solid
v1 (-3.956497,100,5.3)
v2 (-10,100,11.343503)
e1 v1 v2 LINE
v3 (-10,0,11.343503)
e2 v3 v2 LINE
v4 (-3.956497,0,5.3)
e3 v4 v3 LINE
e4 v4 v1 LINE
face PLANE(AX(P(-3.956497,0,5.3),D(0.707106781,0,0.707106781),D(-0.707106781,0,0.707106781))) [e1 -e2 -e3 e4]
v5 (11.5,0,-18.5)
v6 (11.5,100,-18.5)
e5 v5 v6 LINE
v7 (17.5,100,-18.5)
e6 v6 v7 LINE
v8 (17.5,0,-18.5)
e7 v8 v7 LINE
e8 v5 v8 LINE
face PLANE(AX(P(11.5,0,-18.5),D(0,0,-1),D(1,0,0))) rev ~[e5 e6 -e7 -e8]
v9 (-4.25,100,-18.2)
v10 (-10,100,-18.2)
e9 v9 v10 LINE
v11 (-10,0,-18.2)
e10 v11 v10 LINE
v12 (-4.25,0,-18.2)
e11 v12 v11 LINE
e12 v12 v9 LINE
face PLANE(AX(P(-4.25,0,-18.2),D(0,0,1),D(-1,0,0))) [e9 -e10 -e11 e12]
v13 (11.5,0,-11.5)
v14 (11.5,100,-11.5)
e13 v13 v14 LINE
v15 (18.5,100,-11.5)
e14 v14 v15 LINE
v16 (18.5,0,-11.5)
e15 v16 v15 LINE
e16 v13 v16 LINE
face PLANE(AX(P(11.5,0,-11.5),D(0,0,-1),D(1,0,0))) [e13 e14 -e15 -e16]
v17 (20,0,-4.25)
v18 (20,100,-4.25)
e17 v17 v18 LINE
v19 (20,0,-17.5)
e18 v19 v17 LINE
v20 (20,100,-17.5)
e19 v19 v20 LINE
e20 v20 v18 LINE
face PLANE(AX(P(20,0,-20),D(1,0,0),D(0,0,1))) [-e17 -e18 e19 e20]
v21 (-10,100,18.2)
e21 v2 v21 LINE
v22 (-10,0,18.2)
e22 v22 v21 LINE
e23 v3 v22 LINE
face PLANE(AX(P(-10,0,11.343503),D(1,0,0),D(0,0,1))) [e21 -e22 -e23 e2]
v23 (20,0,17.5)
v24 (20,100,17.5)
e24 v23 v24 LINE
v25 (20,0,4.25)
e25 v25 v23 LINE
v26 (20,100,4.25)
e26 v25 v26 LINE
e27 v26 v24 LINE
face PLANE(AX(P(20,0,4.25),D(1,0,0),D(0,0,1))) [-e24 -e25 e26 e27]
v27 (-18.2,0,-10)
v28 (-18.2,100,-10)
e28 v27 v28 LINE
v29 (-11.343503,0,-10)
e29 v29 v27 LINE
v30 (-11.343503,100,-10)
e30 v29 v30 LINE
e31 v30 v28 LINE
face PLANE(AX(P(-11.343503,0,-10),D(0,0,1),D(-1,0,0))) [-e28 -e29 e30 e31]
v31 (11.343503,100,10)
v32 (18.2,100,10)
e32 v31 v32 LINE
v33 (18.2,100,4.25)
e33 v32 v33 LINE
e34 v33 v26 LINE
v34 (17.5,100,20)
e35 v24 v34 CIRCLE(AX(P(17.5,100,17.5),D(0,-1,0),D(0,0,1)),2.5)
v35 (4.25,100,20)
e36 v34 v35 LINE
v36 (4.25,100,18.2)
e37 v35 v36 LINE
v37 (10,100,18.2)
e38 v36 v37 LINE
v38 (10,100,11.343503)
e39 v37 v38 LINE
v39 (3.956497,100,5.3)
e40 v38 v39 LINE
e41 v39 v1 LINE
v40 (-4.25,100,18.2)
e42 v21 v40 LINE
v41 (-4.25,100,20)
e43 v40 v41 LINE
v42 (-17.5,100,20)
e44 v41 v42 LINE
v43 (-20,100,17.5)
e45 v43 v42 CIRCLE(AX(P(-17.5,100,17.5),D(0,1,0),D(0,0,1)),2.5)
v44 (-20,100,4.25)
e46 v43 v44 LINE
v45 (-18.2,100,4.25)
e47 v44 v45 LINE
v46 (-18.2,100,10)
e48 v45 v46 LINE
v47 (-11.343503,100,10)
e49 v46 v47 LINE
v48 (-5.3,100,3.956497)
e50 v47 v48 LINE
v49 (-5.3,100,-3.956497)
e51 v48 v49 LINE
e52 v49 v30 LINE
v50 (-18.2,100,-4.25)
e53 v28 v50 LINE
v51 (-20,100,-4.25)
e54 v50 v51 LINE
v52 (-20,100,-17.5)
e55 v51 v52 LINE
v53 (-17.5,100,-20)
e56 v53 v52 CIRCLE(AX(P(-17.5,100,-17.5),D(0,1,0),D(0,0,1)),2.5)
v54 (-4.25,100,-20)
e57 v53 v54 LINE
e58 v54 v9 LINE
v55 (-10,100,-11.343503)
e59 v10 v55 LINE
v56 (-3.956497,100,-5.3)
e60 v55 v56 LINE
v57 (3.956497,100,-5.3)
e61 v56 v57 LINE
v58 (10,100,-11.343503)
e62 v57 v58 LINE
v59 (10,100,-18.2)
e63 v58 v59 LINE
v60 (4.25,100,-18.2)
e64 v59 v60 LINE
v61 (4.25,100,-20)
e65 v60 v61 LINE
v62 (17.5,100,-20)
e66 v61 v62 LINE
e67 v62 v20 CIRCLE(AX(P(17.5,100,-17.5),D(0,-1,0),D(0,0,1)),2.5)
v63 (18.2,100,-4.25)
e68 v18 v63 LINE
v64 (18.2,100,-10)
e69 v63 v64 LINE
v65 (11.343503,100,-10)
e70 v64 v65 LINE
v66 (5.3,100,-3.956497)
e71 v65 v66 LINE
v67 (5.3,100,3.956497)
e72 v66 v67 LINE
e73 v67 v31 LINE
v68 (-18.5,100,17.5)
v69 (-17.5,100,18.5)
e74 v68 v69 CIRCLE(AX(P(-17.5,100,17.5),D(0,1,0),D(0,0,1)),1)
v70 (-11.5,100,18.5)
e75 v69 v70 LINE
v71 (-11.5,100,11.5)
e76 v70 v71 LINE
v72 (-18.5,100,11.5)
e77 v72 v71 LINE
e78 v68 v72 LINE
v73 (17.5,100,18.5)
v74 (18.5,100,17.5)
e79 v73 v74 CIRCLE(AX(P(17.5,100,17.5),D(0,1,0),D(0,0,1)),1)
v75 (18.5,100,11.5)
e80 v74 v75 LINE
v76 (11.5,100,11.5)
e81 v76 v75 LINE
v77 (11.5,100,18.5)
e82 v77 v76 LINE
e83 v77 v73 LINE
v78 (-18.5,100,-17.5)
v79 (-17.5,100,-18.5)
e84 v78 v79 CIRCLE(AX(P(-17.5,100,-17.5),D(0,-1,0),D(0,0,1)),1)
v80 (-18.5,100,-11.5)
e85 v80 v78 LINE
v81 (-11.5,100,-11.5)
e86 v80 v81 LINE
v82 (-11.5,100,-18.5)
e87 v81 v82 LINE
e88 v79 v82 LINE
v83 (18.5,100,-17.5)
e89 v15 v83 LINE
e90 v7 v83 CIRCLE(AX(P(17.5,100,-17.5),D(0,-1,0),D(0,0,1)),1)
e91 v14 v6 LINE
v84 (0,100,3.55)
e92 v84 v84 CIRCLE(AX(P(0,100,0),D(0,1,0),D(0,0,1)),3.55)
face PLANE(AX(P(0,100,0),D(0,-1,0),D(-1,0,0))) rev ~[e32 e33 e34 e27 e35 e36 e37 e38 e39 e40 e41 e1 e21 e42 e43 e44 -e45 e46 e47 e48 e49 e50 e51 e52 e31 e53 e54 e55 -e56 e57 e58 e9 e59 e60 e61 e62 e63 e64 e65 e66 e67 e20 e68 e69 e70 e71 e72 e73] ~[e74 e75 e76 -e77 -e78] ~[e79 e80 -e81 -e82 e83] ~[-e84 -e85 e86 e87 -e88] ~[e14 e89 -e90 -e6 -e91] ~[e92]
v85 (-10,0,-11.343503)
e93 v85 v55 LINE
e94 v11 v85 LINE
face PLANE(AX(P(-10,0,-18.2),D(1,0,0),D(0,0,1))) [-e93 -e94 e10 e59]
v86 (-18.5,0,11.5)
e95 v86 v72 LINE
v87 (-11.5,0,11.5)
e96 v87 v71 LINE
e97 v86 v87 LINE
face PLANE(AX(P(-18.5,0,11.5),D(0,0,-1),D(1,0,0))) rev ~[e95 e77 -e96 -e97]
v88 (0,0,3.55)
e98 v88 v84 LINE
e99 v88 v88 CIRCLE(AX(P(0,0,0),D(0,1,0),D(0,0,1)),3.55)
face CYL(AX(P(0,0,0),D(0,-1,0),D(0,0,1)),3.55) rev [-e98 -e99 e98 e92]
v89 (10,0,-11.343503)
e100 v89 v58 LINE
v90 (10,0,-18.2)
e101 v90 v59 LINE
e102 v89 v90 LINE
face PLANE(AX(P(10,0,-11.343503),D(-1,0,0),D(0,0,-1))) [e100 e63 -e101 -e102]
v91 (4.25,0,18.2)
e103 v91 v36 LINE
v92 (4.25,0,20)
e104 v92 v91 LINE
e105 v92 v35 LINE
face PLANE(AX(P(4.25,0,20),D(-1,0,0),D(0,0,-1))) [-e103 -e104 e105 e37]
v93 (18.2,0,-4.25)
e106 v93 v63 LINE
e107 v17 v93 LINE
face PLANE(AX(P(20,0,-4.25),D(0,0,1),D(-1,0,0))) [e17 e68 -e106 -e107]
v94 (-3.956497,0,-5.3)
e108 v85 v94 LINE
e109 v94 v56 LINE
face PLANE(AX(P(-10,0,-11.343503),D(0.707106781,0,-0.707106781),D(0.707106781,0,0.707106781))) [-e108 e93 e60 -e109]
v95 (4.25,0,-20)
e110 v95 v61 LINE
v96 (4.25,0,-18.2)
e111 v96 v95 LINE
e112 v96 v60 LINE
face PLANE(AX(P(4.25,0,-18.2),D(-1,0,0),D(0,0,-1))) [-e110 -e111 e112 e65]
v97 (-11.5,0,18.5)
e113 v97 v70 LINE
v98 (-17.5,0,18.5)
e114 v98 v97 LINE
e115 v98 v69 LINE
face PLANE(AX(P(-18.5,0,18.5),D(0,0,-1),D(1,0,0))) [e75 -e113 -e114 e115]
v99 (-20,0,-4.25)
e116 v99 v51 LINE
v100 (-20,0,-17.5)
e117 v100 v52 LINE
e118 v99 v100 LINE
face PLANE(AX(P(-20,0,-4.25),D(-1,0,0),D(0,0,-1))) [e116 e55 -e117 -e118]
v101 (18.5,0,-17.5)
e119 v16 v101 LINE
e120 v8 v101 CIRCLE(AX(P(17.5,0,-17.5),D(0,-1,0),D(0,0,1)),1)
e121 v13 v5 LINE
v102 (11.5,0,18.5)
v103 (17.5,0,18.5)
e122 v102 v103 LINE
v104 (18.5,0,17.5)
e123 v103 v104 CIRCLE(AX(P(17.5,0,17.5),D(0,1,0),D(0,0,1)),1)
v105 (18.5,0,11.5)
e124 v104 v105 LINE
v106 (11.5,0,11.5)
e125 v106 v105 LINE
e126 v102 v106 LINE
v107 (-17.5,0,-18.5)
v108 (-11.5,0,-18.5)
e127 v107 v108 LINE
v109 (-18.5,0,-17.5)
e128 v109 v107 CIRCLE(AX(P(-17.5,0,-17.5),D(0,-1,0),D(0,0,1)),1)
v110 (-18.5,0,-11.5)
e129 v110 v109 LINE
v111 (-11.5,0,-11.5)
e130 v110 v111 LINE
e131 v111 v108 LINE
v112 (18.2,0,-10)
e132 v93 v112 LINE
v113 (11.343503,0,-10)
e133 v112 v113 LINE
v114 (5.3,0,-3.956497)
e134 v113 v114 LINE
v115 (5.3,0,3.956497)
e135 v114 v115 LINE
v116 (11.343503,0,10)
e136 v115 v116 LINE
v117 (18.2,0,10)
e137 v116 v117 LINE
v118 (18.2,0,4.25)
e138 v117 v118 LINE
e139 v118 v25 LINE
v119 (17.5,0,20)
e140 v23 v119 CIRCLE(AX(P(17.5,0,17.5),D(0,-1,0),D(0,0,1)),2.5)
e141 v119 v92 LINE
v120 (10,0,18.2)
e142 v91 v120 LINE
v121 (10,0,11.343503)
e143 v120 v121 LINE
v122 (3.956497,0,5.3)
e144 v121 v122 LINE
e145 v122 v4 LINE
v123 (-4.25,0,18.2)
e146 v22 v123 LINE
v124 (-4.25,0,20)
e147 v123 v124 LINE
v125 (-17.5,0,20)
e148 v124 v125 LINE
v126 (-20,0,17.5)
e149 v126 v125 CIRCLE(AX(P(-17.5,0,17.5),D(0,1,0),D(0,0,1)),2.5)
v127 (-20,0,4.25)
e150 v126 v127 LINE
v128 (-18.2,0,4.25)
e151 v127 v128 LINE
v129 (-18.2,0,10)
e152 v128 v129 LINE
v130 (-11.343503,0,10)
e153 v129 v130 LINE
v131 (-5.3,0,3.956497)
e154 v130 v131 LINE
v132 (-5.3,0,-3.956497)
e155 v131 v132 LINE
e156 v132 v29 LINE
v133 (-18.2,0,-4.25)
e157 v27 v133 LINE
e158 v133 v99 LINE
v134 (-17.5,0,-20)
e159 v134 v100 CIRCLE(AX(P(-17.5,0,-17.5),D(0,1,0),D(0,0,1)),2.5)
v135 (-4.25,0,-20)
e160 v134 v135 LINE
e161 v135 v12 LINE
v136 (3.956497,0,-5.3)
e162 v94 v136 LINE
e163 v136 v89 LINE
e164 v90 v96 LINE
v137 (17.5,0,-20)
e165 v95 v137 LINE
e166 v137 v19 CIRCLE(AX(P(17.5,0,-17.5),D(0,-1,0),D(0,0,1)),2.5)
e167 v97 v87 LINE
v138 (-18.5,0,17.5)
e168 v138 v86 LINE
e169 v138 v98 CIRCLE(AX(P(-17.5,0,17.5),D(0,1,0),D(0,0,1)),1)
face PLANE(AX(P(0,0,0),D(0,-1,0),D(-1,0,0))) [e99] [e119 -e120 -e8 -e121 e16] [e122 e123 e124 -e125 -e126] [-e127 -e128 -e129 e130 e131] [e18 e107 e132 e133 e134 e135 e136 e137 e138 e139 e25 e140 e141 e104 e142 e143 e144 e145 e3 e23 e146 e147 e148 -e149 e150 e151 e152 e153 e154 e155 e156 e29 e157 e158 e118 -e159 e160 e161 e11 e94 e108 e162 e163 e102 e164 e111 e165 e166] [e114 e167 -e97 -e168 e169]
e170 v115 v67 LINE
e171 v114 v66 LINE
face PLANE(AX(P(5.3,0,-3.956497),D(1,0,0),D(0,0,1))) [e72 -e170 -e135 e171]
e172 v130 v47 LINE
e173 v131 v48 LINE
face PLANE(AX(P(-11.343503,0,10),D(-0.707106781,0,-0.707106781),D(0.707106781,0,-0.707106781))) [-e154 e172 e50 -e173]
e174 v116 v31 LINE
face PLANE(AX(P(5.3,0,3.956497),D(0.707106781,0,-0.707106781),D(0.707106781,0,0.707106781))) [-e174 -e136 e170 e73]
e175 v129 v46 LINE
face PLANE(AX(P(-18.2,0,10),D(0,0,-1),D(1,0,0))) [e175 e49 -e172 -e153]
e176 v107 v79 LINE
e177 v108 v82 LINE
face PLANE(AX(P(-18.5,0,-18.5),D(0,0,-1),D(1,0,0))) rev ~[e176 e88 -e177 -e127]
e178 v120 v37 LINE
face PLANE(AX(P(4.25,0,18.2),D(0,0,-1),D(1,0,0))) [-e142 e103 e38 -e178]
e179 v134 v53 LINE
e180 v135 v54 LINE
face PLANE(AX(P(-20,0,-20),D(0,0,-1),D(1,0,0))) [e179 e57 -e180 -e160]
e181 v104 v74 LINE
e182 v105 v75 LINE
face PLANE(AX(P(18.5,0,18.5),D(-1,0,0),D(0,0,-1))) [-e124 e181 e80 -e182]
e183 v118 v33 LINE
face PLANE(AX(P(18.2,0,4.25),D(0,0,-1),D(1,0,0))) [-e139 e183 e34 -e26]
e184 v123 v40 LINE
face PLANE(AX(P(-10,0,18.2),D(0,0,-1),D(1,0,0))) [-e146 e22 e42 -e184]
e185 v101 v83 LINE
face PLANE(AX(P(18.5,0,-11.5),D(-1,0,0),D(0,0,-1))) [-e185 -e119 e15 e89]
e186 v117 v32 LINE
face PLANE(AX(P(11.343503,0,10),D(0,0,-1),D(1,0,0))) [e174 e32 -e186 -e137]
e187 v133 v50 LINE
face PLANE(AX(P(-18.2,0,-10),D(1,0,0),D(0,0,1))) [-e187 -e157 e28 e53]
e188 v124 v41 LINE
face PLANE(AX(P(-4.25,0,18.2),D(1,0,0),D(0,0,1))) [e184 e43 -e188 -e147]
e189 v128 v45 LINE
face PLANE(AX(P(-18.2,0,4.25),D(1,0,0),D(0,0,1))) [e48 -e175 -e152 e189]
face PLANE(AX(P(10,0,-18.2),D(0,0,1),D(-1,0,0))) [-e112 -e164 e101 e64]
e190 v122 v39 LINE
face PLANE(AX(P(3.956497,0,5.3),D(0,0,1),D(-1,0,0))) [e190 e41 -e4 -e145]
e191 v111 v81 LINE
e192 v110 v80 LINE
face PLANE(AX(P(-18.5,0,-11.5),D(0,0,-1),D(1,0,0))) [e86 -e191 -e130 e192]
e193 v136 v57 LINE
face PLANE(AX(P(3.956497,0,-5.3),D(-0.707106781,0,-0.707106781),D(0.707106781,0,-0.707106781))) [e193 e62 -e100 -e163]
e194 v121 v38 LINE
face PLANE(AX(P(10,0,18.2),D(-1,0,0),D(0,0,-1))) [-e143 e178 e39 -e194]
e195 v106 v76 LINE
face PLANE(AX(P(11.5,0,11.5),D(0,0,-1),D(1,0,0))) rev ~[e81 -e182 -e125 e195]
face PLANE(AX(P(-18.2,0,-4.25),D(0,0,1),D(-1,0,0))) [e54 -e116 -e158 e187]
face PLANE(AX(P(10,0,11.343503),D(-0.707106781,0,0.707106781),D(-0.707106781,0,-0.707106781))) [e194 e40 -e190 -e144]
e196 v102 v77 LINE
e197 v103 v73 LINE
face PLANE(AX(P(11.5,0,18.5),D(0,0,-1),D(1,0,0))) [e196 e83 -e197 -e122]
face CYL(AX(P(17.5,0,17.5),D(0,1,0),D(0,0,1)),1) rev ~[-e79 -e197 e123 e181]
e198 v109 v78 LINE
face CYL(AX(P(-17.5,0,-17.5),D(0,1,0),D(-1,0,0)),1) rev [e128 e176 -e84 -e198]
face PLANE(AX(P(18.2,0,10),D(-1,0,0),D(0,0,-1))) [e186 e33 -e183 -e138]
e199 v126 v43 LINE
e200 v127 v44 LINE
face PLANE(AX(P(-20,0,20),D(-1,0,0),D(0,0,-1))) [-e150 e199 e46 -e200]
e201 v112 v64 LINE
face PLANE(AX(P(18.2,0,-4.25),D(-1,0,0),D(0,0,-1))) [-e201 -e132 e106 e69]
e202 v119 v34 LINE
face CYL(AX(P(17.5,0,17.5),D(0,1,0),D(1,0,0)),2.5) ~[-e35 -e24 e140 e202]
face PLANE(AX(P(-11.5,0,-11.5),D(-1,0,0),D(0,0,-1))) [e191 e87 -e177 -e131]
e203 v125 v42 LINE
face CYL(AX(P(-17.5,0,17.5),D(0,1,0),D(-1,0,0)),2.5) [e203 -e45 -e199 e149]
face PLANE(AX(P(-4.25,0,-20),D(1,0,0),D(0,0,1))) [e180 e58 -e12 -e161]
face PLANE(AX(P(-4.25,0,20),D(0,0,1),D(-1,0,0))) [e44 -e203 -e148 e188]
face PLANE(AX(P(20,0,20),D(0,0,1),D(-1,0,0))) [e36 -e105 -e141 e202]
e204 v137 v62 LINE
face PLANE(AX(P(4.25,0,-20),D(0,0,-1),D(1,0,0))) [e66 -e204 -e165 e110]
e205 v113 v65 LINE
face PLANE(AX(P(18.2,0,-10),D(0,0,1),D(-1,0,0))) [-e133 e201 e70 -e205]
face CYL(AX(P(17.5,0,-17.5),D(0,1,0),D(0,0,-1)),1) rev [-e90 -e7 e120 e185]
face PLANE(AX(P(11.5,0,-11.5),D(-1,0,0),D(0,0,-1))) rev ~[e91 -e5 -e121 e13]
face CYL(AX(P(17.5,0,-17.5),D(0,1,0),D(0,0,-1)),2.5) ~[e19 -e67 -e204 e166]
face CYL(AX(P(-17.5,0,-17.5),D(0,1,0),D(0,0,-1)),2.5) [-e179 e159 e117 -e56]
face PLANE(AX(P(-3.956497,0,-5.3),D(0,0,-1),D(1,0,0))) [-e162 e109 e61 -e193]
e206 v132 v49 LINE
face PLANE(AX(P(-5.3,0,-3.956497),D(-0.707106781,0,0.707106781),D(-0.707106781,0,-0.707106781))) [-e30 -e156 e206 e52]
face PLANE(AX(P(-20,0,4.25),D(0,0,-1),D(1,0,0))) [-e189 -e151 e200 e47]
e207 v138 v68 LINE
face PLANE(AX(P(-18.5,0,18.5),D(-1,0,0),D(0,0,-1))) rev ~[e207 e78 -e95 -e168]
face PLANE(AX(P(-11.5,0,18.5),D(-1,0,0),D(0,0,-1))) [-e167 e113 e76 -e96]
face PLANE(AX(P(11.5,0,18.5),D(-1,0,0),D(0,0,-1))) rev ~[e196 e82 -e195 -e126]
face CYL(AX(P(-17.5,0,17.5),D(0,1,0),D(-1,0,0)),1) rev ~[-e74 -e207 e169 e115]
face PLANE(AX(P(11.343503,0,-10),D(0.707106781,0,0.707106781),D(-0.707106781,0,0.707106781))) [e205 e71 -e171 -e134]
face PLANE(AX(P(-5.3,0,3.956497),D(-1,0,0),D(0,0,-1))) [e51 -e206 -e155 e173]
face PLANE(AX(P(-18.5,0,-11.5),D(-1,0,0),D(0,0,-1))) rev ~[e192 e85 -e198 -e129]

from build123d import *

# Parameters (mm, degrees)
SKETCH_1_R      = 3.55
SKETCH_1_W      = 7
SKETCH_1_H      = 7
EXTRUDE_1_DEPTH = 100
FILLET_1_R      = 1
FILLET_2_R      = 2.5


with BuildPart() as part:
    # 草图1 → 凸台-拉伸1 (new body)
    with BuildSketch(Plane(origin=(0, 0, 0), x_dir=(1, 0, 0), z_dir=(0, 1, 0))):
        Polygon((-20, 20), (-4.25, 20), (-4.25, 18.2), (-10, 18.2), (-10, 11.343502884), (-3.956497116, 5.3), (3.956497116, 5.3), (10, 11.343502884), (10, 18.2), (4.25, 18.2), (4.25, 20), (20, 20), (20, 4.25), (18.2, 4.25), (18.2, 10), (11.343502884, 10), (5.3, 3.956497116), (5.3, -3.956497116), (11.343502884, -10), (18.2, -10), (18.2, -4.25), (20, -4.25), (20, -20), (4.25, -20), (4.25, -18.2), (10, -18.2), (10, -11.343502884), (3.956497116, -5.3), (-3.956497116, -5.3), (-10, -11.343502884), (-10, -18.2), (-4.25, -18.2), (-4.25, -20), (-20, -20), (-20, -4.25), (-18.2, -4.25), (-18.2, -10), (-11.343502884, -10), (-5.3, -3.956497116), (-5.3, 3.956497116), (-11.343502884, 10), (-18.2, 10), (-18.2, 4.25), (-20, 4.25), align=None)
        with Locations(Location((0, 0, 0), (0, 0, 270))):
            Circle(SKETCH_1_R, mode=Mode.SUBTRACT)
        with Locations((-15, 15)):
            Rectangle(SKETCH_1_W, SKETCH_1_H, mode=Mode.SUBTRACT)
        with Locations((15, 15)):
            Rectangle(SKETCH_1_W, SKETCH_1_H, mode=Mode.SUBTRACT)
        with Locations((15, -15)):
            Rectangle(SKETCH_1_W, SKETCH_1_H, mode=Mode.SUBTRACT)
        with Locations((-15, -15)):
            Rectangle(SKETCH_1_W, SKETCH_1_H, mode=Mode.SUBTRACT)
    extrude(amount=EXTRUDE_1_DEPTH)

    # 圆角1
    fillet_1_edges = [part.edges().sort_by_distance(p)[0] for p in [
        (-18.5, 50, -18.5),
        (18.5, 50, -18.5),
        (18.5, 50, 18.5),
        (-18.5, 50, 18.5),
    ]]
    fillet(fillet_1_edges, radius=FILLET_1_R)

    # 圆角2
    fillet_2_edges = [part.edges().sort_by_distance(p)[0] for p in [
        (-20, 50, -20),
        (20, 50, -20),
        (20, 50, 20),
        (-20, 50, 20),
    ]]
    fillet(fillet_2_edges, radius=FILLET_2_R)


solid = part.part
